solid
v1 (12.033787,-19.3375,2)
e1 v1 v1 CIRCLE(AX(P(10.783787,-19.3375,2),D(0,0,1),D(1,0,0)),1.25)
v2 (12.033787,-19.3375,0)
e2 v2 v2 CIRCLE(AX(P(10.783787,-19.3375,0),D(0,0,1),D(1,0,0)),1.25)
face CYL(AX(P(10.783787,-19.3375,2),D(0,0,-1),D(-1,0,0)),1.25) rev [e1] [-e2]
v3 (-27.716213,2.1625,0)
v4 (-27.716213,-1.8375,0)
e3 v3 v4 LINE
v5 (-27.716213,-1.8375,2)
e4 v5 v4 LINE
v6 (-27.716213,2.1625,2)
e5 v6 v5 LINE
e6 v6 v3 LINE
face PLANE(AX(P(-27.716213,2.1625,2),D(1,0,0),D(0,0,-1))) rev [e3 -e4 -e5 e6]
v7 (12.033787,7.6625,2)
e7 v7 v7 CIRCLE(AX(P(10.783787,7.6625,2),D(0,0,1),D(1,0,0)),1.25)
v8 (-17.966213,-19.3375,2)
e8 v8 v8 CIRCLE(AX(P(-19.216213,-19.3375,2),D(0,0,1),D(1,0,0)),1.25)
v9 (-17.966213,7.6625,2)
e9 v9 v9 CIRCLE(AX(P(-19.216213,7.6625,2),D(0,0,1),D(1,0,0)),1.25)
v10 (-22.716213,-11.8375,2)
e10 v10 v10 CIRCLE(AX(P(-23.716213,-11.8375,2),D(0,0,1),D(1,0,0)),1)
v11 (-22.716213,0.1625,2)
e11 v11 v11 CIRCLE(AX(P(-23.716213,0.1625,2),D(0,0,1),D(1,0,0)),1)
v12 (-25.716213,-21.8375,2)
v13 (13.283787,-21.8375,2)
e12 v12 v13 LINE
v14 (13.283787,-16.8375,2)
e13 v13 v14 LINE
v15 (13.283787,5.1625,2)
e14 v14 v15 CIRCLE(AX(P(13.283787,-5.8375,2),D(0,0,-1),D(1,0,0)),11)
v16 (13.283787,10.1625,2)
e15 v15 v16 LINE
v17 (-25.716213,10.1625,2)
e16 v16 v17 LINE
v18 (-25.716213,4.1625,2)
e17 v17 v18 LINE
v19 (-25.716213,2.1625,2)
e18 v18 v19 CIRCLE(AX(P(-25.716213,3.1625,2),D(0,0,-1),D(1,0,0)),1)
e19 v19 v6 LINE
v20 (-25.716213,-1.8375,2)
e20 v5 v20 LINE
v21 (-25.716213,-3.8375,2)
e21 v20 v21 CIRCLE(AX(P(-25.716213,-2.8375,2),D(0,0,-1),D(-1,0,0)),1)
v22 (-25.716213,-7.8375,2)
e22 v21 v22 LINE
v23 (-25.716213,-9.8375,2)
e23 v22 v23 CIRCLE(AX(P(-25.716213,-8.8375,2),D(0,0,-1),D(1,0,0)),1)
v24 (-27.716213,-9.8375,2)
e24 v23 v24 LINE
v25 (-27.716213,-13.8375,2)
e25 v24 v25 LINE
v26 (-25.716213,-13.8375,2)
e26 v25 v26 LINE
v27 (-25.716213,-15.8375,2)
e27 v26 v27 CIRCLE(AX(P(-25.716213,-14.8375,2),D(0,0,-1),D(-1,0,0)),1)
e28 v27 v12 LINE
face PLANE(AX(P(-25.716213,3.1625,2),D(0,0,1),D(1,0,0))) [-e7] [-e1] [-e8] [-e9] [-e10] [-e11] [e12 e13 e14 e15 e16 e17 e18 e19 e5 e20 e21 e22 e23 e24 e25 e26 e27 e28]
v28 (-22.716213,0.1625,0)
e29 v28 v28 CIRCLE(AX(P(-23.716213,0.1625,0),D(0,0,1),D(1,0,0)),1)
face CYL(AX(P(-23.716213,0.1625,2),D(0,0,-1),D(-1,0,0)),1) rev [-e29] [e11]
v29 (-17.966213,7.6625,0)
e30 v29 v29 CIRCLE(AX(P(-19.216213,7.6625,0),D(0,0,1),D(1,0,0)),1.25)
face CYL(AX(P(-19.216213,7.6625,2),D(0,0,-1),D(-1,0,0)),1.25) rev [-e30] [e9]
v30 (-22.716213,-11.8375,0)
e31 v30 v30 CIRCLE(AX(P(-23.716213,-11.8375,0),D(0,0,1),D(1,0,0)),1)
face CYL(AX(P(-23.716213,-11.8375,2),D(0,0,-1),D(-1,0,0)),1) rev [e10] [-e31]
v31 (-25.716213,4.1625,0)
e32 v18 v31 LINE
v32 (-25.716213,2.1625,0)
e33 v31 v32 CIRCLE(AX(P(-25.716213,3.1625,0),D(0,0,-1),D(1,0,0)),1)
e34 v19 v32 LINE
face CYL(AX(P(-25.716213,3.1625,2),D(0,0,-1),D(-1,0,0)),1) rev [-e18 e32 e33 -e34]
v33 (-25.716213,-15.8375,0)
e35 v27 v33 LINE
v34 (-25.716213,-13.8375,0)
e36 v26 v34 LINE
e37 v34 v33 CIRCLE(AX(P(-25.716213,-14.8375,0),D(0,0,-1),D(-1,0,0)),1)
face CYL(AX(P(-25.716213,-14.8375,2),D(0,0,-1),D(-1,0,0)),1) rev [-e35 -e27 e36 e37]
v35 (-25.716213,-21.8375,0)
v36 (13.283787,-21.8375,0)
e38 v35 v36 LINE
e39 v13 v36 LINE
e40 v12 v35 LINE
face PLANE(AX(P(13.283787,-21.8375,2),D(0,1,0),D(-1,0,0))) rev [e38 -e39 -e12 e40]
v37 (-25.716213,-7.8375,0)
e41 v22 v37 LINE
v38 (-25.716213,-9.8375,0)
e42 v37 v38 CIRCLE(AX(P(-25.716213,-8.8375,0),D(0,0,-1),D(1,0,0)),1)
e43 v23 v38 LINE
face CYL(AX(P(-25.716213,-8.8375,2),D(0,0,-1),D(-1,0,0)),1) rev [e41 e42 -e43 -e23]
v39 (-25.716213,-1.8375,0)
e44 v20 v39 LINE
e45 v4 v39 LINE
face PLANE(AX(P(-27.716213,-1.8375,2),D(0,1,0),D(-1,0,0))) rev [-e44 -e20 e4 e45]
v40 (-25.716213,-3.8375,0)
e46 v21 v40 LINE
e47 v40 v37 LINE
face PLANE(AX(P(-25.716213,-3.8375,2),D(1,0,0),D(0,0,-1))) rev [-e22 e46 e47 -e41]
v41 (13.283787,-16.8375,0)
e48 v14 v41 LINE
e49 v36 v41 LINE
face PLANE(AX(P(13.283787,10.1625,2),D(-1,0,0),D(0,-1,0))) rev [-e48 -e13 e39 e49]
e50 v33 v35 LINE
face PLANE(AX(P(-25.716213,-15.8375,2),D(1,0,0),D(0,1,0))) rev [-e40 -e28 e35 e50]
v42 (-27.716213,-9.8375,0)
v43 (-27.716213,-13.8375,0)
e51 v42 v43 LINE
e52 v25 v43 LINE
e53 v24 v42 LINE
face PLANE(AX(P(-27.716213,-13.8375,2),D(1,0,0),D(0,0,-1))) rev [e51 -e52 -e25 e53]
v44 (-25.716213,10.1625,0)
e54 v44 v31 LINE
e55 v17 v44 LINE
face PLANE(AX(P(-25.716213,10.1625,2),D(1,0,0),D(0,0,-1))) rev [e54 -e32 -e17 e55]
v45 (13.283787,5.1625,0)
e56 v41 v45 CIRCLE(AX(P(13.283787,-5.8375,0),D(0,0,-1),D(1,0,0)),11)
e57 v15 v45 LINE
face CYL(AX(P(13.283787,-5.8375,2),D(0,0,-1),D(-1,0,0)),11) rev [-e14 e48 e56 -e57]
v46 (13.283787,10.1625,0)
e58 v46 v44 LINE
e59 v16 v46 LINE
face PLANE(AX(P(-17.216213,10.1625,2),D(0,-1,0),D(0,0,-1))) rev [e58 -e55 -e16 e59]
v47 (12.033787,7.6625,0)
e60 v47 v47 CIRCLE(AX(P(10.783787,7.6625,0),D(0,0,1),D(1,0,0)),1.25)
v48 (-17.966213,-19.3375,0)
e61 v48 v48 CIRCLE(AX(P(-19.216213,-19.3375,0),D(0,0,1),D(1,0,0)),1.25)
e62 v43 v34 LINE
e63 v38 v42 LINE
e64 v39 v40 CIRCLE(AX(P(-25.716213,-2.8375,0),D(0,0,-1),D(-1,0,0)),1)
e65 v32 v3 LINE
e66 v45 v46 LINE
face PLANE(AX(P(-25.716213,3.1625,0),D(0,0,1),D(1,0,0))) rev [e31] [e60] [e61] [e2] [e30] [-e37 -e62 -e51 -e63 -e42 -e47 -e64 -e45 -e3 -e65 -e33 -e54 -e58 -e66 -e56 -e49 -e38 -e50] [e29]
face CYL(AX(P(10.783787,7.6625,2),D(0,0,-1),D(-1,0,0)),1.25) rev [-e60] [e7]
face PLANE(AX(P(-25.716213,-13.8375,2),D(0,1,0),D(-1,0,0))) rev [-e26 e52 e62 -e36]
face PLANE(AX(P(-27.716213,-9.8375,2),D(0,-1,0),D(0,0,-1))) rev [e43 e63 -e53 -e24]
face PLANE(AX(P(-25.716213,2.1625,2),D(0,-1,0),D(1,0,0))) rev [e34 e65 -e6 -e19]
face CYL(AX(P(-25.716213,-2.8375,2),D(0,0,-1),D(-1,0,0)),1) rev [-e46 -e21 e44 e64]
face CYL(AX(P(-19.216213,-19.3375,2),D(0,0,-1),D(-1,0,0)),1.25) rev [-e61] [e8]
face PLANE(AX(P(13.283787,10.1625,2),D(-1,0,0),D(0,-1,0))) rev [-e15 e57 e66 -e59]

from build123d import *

# Parameters (mm, degrees)
SKETCH_1_R          = 1.25
SKETCH_1_R_2        = 1
EXTRUDE_1_DEPTH     = 2
CUT_EXTRUDE_1_DEPTH = 2


with BuildPart() as part:
    # 草圖1 → 填料-伸長1 (new body)
    with BuildSketch(Plane.XY):
        with BuildLine():
            Line((-17.216213198, 10.1625), (13.283786802, 10.1625))
            Line((13.283786802, 10.1625), (13.283786802, -21.8375))
            Line((13.283786802, -21.8375), (-17.216213198, -21.8375))
            Line((-17.216213198, -21.8375), (-19.716213198, -21.8375))
            Line((-19.716213198, -21.8375), (-25.716213198, -21.8375))
            Line((-25.716213198, -21.8375), (-25.716213198, -15.8375))
            ThreePointArc((-25.716213198, -15.8375), (-24.716213198, -14.8375), (-25.716213198, -13.8375))
            Line((-25.716213198, -13.8375), (-27.716213198, -13.8375))
            Line((-27.716213198, -13.8375), (-27.716213198, -9.8375))
            Line((-27.716213198, -9.8375), (-25.716213198, -9.8375))
            ThreePointArc((-25.716213198, -9.8375), (-24.716213198, -8.8375), (-25.716213198, -7.8375))
            Line((-25.716213198, -7.8375), (-25.716213198, -3.8375))
            ThreePointArc((-25.716213198, -3.8375), (-24.716213198, -2.8375), (-25.716213198, -1.8375))
            Line((-25.716213198, -1.8375), (-27.716213198, -1.8375))
            Line((-27.716213198, -1.8375), (-27.716213198, 2.1625))
            Line((-27.716213198, 2.1625), (-25.716213198, 2.1625))
            ThreePointArc((-25.716213198, 2.1625), (-24.716213198, 3.1625), (-25.716213198, 4.1625))
            Line((-25.716213198, 4.1625), (-25.716213198, 10.1625))
            Line((-25.716213198, 10.1625), (-21.716213198, 10.1625))
            Line((-21.716213198, 10.1625), (-17.216213198, 10.1625))
        make_face()
        with Locations((-19.216213198, 7.6625)):
            Circle(SKETCH_1_R, mode=Mode.SUBTRACT)
        with Locations((-19.216213198, -19.3375)):
            Circle(SKETCH_1_R, mode=Mode.SUBTRACT)
        with Locations((10.783786802, -19.3375)):
            Circle(SKETCH_1_R, mode=Mode.SUBTRACT)
        with Locations((10.783786802, 7.6625)):
            Circle(SKETCH_1_R, mode=Mode.SUBTRACT)
        with Locations((-23.716213198, 0.1625)):
            Circle(SKETCH_1_R_2, mode=Mode.SUBTRACT)
        with Locations((-23.716213198, -11.8375)):
            Circle(SKETCH_1_R_2, mode=Mode.SUBTRACT)
    extrude(amount=EXTRUDE_1_DEPTH)

    # 草圖4 → 除料-伸長1 (cut)
    with BuildSketch(Plane(origin=(0, 0, 0), x_dir=(-1, 0, 0), z_dir=(0, 0, -1))):
        with BuildLine():
            Line((-13.283786802, 5.1625), (-13.283786802, -16.8375))
            ThreePointArc((-13.283786802, -16.8375), (-2.283786802, -5.8375), (-13.283786802, 5.1625))
        make_face()
    extrude(amount=-CUT_EXTRUDE_1_DEPTH, mode=Mode.SUBTRACT)


solid = part.part
